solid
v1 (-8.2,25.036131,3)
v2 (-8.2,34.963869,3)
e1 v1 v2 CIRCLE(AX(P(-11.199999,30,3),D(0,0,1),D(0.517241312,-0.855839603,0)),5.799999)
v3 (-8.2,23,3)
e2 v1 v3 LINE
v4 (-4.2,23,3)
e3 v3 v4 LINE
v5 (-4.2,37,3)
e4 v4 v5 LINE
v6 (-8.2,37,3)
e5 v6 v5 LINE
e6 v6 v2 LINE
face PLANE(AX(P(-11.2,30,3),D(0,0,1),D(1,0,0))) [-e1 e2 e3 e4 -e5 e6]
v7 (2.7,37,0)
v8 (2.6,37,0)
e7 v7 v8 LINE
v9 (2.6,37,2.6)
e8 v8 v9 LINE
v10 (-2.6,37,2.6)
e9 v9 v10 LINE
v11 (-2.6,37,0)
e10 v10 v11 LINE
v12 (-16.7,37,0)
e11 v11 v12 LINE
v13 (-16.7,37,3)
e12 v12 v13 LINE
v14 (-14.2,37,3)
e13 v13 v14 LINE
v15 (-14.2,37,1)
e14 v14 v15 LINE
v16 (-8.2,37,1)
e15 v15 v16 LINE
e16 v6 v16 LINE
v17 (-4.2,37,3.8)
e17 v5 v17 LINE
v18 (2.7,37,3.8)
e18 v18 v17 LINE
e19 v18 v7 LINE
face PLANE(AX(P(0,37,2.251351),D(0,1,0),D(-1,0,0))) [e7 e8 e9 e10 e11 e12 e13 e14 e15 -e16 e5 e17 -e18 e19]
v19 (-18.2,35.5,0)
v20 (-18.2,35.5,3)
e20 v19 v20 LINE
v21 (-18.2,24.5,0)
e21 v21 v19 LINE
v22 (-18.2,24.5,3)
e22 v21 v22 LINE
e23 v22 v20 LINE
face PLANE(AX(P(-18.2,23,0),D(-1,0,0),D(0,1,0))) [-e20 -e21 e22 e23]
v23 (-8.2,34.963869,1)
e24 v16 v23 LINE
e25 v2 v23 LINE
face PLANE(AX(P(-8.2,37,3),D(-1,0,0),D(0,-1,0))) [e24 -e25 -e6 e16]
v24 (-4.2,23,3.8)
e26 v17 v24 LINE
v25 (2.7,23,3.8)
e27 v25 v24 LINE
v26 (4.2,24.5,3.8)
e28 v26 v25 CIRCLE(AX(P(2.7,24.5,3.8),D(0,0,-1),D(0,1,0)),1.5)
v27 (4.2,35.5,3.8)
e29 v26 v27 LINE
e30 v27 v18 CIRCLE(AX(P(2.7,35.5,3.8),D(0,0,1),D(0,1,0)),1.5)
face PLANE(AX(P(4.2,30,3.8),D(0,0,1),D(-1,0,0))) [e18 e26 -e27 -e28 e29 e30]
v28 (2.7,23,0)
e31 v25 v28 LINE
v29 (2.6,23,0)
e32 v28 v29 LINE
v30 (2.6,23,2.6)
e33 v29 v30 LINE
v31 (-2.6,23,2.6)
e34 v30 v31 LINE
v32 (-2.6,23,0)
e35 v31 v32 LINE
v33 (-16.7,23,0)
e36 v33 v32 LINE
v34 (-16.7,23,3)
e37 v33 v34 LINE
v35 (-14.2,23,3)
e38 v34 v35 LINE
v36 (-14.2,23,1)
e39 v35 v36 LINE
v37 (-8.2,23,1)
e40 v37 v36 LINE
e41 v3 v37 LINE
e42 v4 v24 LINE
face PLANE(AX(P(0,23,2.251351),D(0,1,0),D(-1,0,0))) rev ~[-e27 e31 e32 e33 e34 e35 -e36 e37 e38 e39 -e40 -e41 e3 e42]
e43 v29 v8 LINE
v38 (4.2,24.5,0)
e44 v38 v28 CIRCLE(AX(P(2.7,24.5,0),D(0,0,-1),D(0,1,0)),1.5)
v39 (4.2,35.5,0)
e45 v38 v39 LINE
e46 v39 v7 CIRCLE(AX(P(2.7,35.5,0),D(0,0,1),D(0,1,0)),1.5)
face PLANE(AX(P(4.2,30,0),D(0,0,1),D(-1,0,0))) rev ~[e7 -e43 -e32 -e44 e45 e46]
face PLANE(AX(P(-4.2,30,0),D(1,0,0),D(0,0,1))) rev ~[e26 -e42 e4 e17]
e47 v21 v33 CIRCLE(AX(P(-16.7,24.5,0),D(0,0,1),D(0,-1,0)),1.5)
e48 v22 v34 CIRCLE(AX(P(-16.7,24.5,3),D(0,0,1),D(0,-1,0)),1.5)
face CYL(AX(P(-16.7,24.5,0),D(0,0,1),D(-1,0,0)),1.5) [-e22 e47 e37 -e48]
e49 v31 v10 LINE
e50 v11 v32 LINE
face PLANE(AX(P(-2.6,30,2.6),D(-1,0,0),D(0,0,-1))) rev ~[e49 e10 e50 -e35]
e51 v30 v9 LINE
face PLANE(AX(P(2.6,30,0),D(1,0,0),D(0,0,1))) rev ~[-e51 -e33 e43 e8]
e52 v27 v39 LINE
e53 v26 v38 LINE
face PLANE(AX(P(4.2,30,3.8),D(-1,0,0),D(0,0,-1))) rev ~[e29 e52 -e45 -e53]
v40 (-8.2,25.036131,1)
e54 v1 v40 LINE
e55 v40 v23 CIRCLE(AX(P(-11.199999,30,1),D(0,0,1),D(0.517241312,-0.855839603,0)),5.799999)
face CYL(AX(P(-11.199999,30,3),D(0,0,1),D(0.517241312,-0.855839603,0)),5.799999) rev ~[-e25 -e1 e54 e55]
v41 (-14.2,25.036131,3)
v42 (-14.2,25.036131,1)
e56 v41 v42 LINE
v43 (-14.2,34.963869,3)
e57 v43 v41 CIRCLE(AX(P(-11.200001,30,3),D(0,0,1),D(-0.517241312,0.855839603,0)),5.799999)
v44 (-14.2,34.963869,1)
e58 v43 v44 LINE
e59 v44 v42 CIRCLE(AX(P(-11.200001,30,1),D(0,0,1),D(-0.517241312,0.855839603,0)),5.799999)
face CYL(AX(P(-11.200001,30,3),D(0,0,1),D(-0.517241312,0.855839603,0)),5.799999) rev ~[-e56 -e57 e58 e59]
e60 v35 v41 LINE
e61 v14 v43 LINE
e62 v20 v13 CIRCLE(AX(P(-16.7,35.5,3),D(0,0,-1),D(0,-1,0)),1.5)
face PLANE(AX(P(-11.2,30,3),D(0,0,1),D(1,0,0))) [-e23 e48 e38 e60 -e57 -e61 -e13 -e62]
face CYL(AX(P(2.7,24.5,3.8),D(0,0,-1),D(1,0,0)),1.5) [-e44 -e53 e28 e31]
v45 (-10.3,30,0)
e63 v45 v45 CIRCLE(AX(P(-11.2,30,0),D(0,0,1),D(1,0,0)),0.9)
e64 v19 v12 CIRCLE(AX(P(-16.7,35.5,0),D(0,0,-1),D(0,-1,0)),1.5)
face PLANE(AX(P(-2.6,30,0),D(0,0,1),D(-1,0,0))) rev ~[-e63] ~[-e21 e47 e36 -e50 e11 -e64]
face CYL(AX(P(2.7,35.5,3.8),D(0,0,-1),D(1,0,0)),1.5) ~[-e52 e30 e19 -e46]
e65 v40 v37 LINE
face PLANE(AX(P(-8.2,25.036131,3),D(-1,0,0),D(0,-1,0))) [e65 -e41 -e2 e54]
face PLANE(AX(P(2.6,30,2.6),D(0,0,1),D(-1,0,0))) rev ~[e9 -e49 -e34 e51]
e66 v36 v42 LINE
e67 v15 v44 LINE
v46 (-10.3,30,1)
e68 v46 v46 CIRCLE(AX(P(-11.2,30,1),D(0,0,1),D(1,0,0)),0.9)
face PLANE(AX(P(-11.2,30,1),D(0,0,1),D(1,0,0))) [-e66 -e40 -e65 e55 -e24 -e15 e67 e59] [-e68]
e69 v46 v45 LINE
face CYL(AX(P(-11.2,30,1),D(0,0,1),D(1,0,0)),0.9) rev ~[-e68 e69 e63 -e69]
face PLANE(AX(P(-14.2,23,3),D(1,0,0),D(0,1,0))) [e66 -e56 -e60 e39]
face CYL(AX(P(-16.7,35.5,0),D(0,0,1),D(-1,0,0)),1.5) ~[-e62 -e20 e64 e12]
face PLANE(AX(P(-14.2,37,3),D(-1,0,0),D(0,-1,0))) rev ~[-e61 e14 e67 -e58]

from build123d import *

# Parameters (mm, degrees)
PAD_DEPTH       = 7
SKETCH006_W     = 14
SKETCH006_H     = 14
PAD002_DEPTH    = 3
POCKET004_DEPTH = 2
SKETCH008_R     = 0.9
POCKET005_DEPTH = 1.001
FILLET_R        = 1.5


with BuildPart() as clamp_unit:
    # Sketch → Pad (new body, symmetric)
    with BuildSketch(Plane.XZ):
        Polygon((-2.6, 3.8), (4.2, 3.8), (4.2, 0), (2.6, 0), (2.6, 2.6), (-2.6, 2.6), (-2.6, 0), (-4.2, 0), (-4.2, 3.8), align=None)
    extrude(amount=PAD_DEPTH, both=True)


with BuildPart() as clone006:
    # Sketch006 → Pad002 (new body)
    with BuildSketch(Plane.XY):
        Rectangle(SKETCH006_W, SKETCH006_H)
    extrude(amount=PAD002_DEPTH)

    # Sketch007 → Pocket004 (cut)
    with BuildSketch(Plane.XY.offset(3)):
        with BuildLine():
            Line((-3, 7), (-3, 4.963869))
            ThreePointArc((-3, 4.963869), (-5.8, 0), (-3, -4.963869))
            Line((-3, -7), (-3, -4.963869))
            Line((3, -7), (-3, -7))
            Line((3, -4.963869), (3, -7))
            ThreePointArc((3, -4.963869), (5.8, 0), (3, 4.963869))
            Line((3, 7), (3, 4.963869))
            Line((-3, 7), (3, 7))
        make_face()
    extrude(amount=-POCKET004_DEPTH, mode=Mode.SUBTRACT)

    # Sketch008 → Pocket005 (cut, through all)
    with BuildSketch(Plane.XY.offset(1)):
        Circle(SKETCH008_R)
    extrude(amount=-POCKET005_DEPTH, mode=Mode.SUBTRACT)


with BuildPart() as clone006_1:
    # Clone placement: moved
    add(clone006.part.moved(Location((-11.2, 0, 0))))

    # Fusion: union clamp-unit
    add(clamp_unit.part)

    # Fillet
    fillet_edges = [clone006_1.edges().sort_by_distance(p)[0] for p in [
        (-18.2, -7, 1.5),
        (-18.2, 7, 1.5),
        (4.2, 7, 1.9),
        (4.2, -7, 1.9),
    ]]
    fillet(fillet_edges, radius=FILLET_R)


with BuildPart() as clone006_2:
    # Clone006 placement: moved
    add(clone006_1.part.moved(Location((0, 30, 0))))


solid = clone006_2.part
